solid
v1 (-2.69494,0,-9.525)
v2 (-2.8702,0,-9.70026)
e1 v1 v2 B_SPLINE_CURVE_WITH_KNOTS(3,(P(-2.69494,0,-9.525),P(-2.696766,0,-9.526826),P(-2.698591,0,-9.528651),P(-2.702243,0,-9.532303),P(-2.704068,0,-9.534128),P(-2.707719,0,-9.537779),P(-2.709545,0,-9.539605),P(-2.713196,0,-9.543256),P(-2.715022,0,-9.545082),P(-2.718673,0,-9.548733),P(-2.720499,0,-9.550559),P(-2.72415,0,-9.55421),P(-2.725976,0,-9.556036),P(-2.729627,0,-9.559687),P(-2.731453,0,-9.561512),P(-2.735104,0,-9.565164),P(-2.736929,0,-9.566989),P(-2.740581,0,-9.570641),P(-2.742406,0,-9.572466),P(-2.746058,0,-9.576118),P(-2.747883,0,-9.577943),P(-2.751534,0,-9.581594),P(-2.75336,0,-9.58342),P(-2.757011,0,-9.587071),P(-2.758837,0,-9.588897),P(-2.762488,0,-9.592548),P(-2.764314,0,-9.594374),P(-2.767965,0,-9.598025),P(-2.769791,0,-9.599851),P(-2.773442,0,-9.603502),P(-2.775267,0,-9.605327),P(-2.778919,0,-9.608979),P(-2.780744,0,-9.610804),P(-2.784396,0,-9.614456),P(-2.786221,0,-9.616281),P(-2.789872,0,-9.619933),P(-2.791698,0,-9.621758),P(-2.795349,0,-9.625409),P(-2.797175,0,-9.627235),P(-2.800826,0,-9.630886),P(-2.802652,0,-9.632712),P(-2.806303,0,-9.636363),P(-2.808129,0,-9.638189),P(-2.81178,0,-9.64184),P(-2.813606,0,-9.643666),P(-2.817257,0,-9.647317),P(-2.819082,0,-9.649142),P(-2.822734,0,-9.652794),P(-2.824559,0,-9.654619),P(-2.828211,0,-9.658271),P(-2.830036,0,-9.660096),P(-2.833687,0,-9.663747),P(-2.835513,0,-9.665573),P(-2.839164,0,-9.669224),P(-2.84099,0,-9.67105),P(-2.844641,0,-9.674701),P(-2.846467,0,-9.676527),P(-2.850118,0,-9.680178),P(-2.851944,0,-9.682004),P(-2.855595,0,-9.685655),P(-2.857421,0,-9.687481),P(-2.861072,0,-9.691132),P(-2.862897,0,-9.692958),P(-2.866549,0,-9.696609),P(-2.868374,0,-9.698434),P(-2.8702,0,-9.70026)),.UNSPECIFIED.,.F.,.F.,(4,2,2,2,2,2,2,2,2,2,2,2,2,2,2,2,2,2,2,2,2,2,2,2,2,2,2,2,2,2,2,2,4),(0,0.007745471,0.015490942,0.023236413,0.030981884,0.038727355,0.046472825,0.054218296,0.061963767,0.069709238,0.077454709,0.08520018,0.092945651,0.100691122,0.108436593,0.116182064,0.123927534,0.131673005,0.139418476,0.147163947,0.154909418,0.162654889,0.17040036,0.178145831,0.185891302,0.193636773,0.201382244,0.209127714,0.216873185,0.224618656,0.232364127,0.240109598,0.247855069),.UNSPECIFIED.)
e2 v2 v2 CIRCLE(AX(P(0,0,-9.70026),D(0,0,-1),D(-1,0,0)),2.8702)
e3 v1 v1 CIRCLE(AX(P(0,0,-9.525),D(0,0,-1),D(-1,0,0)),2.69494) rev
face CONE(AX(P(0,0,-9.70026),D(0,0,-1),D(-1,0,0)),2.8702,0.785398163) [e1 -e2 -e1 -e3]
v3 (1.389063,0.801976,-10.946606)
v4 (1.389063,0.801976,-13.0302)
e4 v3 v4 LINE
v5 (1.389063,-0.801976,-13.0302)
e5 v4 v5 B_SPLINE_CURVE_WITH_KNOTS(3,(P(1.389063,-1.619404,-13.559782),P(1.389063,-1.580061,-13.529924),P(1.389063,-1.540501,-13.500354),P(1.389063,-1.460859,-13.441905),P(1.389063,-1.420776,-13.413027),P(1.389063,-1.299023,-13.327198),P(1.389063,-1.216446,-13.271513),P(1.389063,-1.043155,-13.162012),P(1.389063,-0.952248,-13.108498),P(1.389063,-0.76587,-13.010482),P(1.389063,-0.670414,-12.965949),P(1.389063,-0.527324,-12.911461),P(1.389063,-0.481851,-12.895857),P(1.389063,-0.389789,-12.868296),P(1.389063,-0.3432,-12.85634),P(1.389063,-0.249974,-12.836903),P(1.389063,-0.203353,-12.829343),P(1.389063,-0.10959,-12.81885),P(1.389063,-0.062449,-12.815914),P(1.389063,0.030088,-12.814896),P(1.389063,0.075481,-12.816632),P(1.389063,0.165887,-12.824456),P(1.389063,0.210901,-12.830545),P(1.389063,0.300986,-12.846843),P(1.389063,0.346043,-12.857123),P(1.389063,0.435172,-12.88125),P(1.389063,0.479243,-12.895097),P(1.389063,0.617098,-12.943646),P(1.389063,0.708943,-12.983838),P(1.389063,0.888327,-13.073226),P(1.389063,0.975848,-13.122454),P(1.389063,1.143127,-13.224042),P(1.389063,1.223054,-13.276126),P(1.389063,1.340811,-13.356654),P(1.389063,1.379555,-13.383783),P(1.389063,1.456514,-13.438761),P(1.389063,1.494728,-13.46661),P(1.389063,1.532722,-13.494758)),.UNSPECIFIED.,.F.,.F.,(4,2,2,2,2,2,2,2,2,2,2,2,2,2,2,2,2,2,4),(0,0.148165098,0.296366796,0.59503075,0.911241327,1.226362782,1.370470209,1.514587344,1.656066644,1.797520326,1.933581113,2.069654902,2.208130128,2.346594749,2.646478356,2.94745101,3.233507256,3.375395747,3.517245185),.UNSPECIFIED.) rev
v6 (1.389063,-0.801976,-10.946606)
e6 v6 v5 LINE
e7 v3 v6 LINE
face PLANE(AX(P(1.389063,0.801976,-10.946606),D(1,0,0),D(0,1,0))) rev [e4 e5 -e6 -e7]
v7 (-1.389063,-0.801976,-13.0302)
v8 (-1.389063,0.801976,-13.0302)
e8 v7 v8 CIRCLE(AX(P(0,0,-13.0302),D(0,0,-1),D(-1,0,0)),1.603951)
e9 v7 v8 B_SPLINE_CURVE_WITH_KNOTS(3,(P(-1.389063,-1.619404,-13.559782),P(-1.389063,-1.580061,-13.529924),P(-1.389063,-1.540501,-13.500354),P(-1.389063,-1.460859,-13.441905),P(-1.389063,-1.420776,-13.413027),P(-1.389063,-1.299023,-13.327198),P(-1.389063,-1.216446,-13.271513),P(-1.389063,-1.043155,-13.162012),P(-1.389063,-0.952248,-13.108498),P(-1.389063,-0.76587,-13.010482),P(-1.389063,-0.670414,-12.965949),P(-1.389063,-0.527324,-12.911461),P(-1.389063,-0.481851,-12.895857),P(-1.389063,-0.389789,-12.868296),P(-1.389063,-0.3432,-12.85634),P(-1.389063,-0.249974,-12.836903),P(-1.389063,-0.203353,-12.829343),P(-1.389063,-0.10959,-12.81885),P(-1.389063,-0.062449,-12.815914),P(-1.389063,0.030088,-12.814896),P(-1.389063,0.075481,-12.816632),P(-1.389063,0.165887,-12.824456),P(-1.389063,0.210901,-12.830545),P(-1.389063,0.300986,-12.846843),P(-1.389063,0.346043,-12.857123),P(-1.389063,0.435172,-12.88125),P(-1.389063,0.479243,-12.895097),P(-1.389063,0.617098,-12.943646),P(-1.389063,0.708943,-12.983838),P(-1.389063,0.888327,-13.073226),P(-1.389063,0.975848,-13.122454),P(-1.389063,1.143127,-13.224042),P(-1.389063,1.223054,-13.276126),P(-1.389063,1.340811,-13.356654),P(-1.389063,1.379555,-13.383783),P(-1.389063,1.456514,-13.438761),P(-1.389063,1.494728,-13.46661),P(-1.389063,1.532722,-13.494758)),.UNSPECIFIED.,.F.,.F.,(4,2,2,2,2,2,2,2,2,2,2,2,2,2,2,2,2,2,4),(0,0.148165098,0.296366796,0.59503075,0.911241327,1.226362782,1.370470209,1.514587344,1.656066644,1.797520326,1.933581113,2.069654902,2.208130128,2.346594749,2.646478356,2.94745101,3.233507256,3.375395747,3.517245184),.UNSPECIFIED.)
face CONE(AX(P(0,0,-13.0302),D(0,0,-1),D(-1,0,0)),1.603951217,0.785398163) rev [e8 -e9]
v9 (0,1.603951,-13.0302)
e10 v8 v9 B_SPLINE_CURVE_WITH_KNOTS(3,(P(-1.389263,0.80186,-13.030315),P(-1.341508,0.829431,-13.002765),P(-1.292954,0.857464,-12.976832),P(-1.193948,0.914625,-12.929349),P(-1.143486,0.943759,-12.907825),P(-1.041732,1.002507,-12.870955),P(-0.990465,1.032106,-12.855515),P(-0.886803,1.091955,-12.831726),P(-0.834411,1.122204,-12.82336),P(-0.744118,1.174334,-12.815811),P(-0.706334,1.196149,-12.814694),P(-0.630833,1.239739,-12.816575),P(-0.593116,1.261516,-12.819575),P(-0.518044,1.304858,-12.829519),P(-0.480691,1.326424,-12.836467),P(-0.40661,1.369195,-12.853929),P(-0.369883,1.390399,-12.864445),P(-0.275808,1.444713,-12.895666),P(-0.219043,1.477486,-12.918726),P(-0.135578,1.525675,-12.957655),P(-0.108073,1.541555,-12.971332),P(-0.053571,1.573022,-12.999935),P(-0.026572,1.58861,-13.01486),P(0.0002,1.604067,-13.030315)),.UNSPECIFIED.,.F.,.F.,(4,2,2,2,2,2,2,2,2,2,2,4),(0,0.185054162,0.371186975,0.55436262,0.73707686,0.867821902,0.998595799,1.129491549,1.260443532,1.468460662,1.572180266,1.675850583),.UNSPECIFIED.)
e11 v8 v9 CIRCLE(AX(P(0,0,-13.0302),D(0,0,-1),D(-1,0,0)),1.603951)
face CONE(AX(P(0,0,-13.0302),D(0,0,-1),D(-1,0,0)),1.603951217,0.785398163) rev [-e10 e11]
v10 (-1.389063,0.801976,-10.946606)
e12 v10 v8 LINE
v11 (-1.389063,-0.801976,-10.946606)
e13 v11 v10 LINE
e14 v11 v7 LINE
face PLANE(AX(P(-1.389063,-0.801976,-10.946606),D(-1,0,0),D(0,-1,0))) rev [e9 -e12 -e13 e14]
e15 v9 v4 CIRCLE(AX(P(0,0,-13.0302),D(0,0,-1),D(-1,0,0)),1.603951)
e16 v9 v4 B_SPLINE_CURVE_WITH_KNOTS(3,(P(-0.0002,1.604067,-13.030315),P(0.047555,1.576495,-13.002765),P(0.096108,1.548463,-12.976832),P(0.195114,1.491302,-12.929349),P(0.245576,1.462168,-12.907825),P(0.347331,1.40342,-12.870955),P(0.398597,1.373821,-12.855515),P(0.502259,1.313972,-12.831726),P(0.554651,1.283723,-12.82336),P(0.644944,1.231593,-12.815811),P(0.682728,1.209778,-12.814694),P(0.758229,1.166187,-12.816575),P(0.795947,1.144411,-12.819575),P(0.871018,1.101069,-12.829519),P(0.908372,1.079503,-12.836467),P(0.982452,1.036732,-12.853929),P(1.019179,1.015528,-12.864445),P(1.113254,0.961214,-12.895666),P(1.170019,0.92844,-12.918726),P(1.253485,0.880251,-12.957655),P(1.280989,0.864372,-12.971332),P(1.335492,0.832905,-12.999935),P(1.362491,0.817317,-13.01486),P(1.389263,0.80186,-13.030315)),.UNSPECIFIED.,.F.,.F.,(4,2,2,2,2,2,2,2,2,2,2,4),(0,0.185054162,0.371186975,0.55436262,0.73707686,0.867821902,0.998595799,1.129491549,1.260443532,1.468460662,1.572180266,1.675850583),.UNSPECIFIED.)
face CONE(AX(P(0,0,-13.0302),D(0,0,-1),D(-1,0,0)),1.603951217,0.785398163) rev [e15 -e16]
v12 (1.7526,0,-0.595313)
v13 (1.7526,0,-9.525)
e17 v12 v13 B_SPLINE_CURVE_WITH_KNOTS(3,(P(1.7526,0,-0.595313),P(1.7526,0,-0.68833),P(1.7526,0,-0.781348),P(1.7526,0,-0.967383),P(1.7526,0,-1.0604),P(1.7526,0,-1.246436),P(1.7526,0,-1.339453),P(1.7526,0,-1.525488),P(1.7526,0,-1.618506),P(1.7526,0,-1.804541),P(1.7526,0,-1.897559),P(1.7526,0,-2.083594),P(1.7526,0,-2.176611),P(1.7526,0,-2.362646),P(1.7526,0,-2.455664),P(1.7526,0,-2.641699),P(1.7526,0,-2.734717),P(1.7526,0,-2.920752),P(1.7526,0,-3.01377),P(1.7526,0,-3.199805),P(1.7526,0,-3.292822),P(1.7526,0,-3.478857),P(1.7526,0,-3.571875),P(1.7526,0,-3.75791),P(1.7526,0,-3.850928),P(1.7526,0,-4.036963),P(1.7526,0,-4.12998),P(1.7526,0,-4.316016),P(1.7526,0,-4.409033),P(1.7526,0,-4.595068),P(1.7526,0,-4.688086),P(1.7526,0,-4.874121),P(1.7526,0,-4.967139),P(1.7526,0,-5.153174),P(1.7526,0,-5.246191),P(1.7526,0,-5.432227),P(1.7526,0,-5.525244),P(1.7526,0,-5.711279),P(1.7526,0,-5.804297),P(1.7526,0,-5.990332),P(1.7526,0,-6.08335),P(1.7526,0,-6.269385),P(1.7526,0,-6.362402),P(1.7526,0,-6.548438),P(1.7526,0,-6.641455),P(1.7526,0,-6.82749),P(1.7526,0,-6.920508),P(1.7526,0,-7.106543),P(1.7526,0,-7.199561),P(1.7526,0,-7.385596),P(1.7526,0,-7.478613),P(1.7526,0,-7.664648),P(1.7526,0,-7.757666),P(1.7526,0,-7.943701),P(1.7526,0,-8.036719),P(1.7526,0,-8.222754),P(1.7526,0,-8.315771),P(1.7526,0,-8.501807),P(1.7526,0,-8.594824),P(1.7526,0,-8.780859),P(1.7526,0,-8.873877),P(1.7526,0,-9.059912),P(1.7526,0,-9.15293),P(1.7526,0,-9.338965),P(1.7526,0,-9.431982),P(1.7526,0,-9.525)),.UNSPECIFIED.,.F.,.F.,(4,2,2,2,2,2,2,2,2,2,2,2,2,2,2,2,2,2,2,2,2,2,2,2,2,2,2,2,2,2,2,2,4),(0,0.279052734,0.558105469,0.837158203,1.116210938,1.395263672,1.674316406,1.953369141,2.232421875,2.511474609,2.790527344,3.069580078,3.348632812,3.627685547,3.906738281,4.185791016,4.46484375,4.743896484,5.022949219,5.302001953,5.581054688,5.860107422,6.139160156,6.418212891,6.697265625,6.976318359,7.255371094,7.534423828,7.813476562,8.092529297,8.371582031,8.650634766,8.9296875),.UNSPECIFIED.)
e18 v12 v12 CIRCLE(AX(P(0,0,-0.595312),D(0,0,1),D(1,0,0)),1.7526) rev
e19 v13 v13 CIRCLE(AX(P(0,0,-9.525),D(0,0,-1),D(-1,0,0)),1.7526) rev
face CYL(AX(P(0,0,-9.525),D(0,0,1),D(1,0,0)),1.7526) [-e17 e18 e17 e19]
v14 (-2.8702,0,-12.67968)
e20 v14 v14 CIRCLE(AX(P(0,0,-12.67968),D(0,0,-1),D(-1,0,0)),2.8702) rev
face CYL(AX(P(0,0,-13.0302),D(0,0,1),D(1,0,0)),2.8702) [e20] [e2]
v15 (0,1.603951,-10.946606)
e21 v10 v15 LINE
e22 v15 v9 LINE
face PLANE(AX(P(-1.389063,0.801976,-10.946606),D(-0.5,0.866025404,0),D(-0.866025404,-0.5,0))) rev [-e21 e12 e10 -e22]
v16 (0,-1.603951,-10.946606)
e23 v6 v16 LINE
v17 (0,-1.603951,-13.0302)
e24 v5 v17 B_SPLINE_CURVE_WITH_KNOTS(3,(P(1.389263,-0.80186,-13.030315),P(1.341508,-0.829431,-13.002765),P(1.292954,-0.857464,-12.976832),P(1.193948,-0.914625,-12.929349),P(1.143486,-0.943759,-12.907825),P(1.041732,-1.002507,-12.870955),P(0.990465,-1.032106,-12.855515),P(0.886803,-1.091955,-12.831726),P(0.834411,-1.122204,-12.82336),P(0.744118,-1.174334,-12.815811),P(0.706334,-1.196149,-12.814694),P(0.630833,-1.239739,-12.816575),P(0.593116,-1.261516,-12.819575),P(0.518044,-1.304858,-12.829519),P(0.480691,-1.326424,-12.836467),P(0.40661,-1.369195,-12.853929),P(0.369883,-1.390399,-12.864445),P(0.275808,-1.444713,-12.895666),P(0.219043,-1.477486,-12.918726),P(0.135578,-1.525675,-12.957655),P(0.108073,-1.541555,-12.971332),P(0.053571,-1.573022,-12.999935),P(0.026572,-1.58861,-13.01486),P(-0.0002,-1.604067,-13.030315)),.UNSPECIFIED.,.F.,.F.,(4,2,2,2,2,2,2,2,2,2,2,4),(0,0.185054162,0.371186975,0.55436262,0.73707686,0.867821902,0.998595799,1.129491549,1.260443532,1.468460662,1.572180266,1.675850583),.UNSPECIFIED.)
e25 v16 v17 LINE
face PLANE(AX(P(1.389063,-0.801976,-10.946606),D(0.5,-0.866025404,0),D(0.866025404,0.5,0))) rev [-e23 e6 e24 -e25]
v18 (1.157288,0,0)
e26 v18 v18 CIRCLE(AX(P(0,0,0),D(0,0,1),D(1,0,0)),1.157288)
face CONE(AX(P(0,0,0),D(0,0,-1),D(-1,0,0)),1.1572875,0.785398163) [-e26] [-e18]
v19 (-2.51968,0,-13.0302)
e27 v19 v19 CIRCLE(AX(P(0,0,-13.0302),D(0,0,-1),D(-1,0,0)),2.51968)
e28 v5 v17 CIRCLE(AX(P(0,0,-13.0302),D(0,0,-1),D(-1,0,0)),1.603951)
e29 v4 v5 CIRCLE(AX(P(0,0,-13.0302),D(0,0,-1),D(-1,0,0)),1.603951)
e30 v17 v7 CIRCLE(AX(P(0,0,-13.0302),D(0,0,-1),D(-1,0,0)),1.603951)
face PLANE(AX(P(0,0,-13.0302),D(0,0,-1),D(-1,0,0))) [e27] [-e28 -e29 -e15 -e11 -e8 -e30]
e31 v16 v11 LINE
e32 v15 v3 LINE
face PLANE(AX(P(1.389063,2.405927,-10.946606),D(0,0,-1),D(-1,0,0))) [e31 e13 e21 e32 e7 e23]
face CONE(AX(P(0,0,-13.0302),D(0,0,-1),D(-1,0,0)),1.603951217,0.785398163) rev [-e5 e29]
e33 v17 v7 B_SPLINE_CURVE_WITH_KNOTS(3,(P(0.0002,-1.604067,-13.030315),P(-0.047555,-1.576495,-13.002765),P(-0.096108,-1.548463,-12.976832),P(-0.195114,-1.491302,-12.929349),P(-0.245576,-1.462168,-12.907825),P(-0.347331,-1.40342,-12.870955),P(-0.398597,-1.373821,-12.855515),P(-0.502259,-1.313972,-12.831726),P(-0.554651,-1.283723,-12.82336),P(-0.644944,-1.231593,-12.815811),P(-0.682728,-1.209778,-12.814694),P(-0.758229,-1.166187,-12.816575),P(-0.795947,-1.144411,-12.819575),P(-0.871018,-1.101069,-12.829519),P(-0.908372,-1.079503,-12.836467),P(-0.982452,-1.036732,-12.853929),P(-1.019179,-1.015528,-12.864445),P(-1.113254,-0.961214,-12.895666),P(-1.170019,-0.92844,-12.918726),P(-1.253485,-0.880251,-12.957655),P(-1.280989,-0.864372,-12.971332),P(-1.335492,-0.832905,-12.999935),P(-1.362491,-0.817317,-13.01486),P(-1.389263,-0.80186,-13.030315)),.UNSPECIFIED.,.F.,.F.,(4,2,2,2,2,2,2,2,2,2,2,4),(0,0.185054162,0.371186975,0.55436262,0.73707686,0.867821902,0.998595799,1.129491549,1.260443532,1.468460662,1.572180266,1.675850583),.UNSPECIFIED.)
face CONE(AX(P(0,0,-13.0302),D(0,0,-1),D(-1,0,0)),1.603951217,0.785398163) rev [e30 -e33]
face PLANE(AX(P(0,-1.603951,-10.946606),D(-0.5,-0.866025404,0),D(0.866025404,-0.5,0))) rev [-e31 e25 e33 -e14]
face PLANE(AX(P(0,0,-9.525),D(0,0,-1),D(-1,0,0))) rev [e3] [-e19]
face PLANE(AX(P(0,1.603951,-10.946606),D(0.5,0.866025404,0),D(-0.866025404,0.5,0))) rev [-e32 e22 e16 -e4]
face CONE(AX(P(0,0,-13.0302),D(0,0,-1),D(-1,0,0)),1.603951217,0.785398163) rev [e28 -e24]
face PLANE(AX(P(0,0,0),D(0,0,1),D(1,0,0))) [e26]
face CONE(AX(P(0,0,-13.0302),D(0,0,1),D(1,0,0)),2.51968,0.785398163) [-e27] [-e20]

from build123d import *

# Parameters (mm, degrees)
SKETCH1_R          = 1.7526
EXTRUDE1_DEPTH     = 9.525
CHAMFER3_SIZE      = 0.5953125
SKETCH6_R          = 2.8702
EXTRUDE2_DEPTH     = 3.5052
CUT_EXTRUDE1_DEPTH = 2.08359375
SKETCH8_R          = 1.603951217
CUT_EXTRUDE2_DEPTH = 0.35052
CUT_EXTRUDE2_DRAFT = -45
CHAMFER1_SIZE      = 0.35052
CHAMFER2_SIZE      = 0.17526


with BuildPart() as part:
    # Sketch1 → Extrude1 (new body)
    with BuildSketch(Plane.XY):
        Circle(SKETCH1_R)
    extrude(amount=-EXTRUDE1_DEPTH)

    # Chamfer3
    chamfer3_edges = [part.edges().sort_by_distance(p)[0] for p in [
        (-1.7526, 0, 0),
    ]]
    chamfer(chamfer3_edges, length=CHAMFER3_SIZE)

    # Sketch6 → Extrude2 (add)
    with BuildSketch(Plane(origin=(0, 0, -9.525), x_dir=(-1, 0, 0), z_dir=(0, 0, -1))):
        Circle(SKETCH6_R)
    extrude(amount=EXTRUDE2_DEPTH)

    # Sketch7 → Cut-Extrude1 (cut)
    with BuildSketch(Plane(origin=(0, 0, -13.0302), x_dir=(-1, 0, 0), z_dir=(0, 0, -1))):
        Polygon((0, 1.603951217), (-1.3890625, 0.801975608), (-1.3890625, -0.801975608), (0, -1.603951217), (1.3890625, -0.801975608), (1.3890625, 0.801975608), align=None)
    extrude(amount=-CUT_EXTRUDE1_DEPTH, mode=Mode.SUBTRACT)


with BuildPart() as cut_extrude2_tool:
    # Sketch8 → Cut-Extrude2 (with draft: the straight prism first)
    with BuildSketch(Plane(origin=(0, 0, -13.0302), x_dir=(-1, 0, 0), z_dir=(0, 0, -1))):
        Circle(SKETCH8_R)
    extrude(amount=-CUT_EXTRUDE2_DEPTH)
    # Cut-Extrude2: the draft: its side faces are tilted about the plane it starts from
    cut_extrude2_sides = [cut_extrude2_tool.faces().sort_by_distance(p)[0] for p in [
        (1.603951217, 0, -12.85494),
    ]]
    draft(cut_extrude2_sides, Plane(origin=(0, 0, -13.0302), x_dir=(-1, 0, 0), z_dir=(0, 0, -1)), CUT_EXTRUDE2_DRAFT)


with BuildPart() as part_1:
    add(part.part)

    # Cut-Extrude2: cut by cut_extrude2_tool
    add(cut_extrude2_tool.part, mode=Mode.SUBTRACT)

    # Chamfer1
    chamfer1_edges = [part_1.edges().sort_by_distance(p)[0] for p in [
        (2.8702, 0, -13.0302),
    ]]
    chamfer(chamfer1_edges, length=CHAMFER1_SIZE)

    # Chamfer2
    chamfer2_edges = [part_1.edges().sort_by_distance(p)[0] for p in [
        (2.8702, 0, -9.525),
    ]]
    chamfer(chamfer2_edges, length=CHAMFER2_SIZE)


solid = part_1.part
